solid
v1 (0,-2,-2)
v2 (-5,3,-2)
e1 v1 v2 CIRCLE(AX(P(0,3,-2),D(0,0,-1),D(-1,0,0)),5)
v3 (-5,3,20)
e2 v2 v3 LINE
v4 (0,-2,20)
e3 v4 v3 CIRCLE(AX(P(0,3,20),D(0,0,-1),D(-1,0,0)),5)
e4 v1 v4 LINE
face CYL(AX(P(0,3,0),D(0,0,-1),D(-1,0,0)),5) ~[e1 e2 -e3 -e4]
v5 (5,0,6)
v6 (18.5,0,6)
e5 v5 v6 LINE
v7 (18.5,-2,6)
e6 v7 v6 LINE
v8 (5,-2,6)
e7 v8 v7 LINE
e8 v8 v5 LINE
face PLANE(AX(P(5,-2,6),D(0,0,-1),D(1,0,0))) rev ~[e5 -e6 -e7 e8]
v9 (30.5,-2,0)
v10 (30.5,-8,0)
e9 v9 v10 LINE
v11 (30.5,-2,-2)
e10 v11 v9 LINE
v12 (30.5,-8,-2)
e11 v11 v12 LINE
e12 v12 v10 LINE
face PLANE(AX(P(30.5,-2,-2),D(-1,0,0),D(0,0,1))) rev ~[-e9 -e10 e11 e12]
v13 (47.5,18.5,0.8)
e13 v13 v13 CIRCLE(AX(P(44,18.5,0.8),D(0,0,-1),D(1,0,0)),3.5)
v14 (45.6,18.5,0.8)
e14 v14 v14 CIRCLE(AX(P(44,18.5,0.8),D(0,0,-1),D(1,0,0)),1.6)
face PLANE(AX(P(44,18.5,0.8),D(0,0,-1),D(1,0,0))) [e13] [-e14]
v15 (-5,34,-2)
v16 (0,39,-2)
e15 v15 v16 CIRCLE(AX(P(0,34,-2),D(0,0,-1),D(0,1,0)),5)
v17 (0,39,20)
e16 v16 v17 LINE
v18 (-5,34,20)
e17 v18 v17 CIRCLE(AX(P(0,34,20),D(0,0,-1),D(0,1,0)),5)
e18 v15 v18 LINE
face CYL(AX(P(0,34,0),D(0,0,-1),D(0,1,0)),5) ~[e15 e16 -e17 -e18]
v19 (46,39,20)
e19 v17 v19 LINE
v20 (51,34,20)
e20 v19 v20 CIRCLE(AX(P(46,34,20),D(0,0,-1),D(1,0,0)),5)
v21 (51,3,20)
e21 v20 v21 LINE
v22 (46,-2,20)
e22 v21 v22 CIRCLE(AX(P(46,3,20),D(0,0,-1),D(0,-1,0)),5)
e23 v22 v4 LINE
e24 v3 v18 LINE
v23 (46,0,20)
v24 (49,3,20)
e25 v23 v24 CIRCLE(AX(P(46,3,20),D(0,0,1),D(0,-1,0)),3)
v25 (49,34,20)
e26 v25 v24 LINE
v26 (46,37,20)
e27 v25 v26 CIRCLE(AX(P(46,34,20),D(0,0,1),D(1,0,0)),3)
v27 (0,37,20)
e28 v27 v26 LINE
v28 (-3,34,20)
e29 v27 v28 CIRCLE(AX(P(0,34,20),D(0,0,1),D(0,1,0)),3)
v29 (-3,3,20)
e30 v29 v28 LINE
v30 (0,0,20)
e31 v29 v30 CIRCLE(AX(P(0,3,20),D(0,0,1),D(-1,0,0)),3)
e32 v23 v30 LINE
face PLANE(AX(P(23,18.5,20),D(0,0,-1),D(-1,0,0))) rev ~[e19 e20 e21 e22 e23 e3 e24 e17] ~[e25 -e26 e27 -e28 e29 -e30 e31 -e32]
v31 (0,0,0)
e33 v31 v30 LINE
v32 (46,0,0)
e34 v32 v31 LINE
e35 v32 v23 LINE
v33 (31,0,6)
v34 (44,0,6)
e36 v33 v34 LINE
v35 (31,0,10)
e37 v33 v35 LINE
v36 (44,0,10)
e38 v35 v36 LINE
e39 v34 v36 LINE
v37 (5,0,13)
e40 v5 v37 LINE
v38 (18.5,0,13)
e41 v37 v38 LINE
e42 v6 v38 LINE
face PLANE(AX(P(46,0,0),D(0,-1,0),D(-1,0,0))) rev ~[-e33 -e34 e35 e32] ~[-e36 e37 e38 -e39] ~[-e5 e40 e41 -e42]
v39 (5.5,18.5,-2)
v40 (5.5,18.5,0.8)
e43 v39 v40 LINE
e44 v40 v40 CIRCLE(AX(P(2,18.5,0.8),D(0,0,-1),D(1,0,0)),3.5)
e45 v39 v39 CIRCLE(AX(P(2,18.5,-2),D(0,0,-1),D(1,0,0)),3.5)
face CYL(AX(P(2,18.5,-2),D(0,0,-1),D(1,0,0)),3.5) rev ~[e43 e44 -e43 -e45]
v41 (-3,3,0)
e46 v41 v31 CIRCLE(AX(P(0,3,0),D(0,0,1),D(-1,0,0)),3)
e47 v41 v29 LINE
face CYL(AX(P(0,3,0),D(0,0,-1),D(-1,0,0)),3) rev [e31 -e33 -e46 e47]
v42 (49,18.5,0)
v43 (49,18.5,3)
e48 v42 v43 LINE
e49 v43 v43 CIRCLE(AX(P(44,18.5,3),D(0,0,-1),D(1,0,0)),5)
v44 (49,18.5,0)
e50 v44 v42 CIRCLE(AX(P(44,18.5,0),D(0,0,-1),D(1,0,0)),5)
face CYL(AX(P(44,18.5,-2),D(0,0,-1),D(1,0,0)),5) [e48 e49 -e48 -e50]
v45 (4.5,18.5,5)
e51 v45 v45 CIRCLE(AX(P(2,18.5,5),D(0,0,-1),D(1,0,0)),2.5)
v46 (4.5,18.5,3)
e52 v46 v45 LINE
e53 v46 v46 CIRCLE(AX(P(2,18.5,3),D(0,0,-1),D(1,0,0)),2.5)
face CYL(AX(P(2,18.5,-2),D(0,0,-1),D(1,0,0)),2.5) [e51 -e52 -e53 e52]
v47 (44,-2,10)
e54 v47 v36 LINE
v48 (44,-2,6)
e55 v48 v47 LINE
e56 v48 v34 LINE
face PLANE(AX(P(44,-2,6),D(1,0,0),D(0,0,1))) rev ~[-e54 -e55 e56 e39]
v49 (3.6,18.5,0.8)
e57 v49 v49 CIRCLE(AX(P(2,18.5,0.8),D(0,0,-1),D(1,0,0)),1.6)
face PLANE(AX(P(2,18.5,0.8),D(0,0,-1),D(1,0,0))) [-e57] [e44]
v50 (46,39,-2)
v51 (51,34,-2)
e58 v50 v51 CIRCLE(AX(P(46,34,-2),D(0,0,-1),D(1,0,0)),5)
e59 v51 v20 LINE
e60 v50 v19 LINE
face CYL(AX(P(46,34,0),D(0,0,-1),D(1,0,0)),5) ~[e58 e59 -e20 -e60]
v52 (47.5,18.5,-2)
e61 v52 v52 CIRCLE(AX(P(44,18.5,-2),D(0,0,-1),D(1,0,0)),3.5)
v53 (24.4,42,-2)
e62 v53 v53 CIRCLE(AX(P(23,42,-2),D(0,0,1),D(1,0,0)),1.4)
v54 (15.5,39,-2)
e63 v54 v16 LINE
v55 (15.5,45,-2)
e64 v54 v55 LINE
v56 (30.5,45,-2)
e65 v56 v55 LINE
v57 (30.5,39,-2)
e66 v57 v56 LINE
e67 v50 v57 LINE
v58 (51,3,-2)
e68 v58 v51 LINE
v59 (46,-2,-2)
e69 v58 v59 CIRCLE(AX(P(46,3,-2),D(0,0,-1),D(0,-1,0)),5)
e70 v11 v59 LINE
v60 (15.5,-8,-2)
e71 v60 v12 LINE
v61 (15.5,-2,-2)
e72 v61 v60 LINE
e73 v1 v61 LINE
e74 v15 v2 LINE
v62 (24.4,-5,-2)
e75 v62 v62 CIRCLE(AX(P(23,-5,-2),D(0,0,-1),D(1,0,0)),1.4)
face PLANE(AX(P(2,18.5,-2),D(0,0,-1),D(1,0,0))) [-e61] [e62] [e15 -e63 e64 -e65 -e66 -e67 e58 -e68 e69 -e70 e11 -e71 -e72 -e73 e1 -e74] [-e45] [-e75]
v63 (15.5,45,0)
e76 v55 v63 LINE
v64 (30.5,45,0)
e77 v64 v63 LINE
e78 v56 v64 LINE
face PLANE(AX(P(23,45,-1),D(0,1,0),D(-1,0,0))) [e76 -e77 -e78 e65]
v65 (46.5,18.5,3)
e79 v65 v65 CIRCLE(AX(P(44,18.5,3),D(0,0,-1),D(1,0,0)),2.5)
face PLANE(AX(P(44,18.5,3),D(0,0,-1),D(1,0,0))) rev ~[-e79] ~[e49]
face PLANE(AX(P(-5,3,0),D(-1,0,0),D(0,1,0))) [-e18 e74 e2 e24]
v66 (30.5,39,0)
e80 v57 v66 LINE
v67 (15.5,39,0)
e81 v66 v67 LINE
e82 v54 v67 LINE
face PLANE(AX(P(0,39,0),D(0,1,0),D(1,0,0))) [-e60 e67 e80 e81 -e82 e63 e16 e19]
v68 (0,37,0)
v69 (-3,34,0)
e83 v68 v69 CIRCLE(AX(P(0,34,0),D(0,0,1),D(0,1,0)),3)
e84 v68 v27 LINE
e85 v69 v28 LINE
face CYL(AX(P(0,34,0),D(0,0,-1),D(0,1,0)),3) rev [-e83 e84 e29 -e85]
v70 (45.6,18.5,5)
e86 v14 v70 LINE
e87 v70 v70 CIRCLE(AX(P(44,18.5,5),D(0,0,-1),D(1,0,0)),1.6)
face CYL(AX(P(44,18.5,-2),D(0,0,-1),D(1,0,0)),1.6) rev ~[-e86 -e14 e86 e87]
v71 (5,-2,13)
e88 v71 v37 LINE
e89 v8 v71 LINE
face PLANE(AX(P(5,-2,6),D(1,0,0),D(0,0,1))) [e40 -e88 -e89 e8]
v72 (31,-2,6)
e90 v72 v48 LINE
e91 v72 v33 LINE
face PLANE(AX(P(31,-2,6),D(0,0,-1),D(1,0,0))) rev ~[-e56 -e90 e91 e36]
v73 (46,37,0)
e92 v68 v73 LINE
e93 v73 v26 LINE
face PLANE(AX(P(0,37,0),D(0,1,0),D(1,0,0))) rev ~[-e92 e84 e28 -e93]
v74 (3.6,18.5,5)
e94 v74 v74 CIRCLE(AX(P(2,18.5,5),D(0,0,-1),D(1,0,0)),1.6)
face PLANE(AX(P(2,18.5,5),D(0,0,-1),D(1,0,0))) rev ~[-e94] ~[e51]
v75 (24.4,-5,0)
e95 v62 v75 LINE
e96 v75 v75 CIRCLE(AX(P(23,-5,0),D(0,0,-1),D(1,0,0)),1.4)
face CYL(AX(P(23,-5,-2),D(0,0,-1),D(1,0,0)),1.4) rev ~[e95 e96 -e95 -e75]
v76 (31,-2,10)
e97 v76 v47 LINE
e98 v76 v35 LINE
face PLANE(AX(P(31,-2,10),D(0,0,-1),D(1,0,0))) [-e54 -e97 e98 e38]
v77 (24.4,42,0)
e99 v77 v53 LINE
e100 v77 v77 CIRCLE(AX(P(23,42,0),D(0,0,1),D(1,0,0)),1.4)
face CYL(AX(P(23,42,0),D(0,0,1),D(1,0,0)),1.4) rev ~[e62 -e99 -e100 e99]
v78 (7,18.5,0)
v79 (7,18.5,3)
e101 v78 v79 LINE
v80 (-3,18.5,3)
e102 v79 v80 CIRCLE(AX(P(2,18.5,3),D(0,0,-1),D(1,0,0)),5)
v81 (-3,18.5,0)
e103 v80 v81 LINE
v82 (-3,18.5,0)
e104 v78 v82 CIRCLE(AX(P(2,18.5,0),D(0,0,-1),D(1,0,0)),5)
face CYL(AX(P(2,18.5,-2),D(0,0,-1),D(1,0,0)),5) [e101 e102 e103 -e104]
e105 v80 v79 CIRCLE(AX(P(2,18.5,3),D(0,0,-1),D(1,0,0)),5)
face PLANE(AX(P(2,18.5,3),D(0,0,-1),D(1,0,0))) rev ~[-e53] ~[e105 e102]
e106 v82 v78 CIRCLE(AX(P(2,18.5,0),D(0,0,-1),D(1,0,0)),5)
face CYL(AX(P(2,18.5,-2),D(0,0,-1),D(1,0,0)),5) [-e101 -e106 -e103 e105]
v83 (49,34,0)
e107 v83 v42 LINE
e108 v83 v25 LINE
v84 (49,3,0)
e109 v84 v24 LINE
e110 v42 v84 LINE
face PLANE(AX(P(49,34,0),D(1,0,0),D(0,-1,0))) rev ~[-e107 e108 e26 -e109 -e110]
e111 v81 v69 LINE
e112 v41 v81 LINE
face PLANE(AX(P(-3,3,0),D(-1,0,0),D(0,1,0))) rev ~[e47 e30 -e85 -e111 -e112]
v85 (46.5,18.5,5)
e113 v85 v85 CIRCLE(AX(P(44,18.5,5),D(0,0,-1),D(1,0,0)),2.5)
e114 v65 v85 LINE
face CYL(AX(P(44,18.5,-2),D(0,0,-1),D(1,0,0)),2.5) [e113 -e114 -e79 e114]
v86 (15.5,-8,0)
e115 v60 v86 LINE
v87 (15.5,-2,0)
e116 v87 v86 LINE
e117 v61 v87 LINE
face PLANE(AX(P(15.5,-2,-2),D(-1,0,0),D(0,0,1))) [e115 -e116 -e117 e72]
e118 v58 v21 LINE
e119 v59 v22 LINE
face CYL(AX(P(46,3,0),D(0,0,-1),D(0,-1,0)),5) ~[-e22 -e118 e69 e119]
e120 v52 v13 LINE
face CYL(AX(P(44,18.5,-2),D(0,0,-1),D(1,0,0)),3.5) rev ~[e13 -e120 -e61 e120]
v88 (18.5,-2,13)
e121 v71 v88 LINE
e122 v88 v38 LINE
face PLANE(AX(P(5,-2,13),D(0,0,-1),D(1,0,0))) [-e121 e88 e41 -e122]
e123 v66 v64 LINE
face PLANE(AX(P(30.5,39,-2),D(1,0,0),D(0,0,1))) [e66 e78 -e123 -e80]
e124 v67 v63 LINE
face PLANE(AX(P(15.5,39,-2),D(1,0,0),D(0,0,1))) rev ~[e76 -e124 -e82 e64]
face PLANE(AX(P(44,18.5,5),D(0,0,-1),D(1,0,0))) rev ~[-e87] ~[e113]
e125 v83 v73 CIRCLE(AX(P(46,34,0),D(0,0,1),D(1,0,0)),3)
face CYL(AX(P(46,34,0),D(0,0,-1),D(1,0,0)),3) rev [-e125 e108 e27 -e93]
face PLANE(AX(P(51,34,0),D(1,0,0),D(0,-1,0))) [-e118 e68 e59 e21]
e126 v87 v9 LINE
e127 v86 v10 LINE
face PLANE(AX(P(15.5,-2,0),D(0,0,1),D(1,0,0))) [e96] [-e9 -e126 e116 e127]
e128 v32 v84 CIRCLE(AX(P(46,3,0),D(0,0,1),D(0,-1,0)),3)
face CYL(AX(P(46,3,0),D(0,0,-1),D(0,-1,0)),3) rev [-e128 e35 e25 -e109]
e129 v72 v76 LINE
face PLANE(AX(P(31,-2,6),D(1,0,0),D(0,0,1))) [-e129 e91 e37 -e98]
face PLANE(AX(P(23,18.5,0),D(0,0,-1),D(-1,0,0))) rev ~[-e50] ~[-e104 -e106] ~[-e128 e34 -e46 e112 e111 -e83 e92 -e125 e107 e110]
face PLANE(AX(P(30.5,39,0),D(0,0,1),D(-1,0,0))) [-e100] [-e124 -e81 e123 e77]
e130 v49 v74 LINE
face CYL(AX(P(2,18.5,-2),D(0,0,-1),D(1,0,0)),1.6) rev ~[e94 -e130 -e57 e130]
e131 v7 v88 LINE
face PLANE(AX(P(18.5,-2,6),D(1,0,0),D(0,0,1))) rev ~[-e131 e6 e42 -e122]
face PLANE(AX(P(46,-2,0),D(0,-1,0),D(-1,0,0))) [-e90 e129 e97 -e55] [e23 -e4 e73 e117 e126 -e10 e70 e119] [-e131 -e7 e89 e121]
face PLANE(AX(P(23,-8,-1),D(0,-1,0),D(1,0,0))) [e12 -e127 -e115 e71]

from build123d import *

# Parameters (mm, degrees)
PAD_DEPTH       = 20
THICKNESS_T     = 2
SKETCH001_W     = 15
SKETCH001_H     = 2
PAD001_DEPTH    = 6
SKETCH002_R     = 1.4
POCKET_DEPTH    = 2.001
SKETCH003_W     = 15
SKETCH003_H     = 2
PAD002_DEPTH    = 6
SKETCH004_R     = 1.4
POCKET001_DEPTH = 22.001
SKETCH005_R     = 2.5
PAD003_DEPTH    = 7
SKETCH006_R     = 5
PAD004_DEPTH    = 5
SKETCH007_R     = 1.6
POCKET002_DEPTH = 22.001
SKETCH008_R     = 3.5
POCKET003_DEPTH = 2.8
SKETCH009_W     = 13.5
SKETCH009_H     = 7
SKETCH009_W_2   = 13
SKETCH009_H_2   = 4
POCKET004_DEPTH = 2


with BuildPart() as part:
    # Sketch → Pad (new body)
    with BuildSketch(Plane.XY):
        with BuildLine():
            Line((0, 37), (46, 37))
            ThreePointArc((49, 34), (48.1213203436, 36.1213203436), (46, 37))
            Line((49, 34), (49, 3))
            ThreePointArc((46, 0), (48.1213203436, 0.8786796564), (49, 3))
            Line((46, 0), (0, 0))
            ThreePointArc((-3, 3), (-2.1213203436, 0.8786796564), (0, 0))
            Line((-3, 3), (-3, 34))
            ThreePointArc((0, 37), (-2.1213203436, 36.1213203436), (-3, 34))
        make_face()
    extrude(amount=PAD_DEPTH)

    # Thickness
    thickness_openings = [part.faces().sort_by_distance(p)[0] for p in [
        (23, 18.5, 20),
    ]]
    offset(amount=THICKNESS_T, openings=thickness_openings, kind=Kind.INTERSECTION)

    # Sketch001 → Pad001 (new body)
    with BuildSketch(Plane(origin=(0, 39, 0), x_dir=(-1, 0, 0), z_dir=(0, 1, 0))):
        with Locations((-23, -1)):
            Rectangle(SKETCH001_W, SKETCH001_H)
    extrude(amount=PAD001_DEPTH)

    # Sketch002 → Pocket (cut, through all)
    with BuildSketch(Plane.XY):
        with Locations((23, 42)):
            Circle(SKETCH002_R)
    extrude(amount=-POCKET_DEPTH, mode=Mode.SUBTRACT)

    # Sketch003 → Pad002 (new body)
    with BuildSketch(Plane.XZ.offset(2)):
        with Locations((23, -1)):
            Rectangle(SKETCH003_W, SKETCH003_H)
    extrude(amount=PAD002_DEPTH)

    # Sketch004 → Pocket001 (cut, through all)
    with BuildSketch(Plane(origin=(0, 0, -2), x_dir=(1, 0, 0), z_dir=(0, 0, -1))):
        with Locations((23, 5)):
            Circle(SKETCH004_R)
    extrude(amount=-POCKET001_DEPTH, mode=Mode.SUBTRACT)

    # Sketch005 → Pad003 (new body)
    with BuildSketch(Plane(origin=(0, 0, -2), x_dir=(1, 0, 0), z_dir=(0, 0, -1))):
        with Locations((2, -18.5)):
            Circle(SKETCH005_R)
        with Locations((44, -18.5)):
            Circle(SKETCH005_R)
    extrude(amount=-PAD003_DEPTH)

    # Sketch006 → Pad004 (new body)
    with BuildSketch(Plane(origin=(0, 0, -2), x_dir=(1, 0, 0), z_dir=(0, 0, -1))):
        with Locations((2, -18.5)):
            Circle(SKETCH006_R)
        with Locations((44, -18.5)):
            Circle(SKETCH006_R)
    extrude(amount=-PAD004_DEPTH)

    # Sketch007 → Pocket002 (cut, through all)
    with BuildSketch(Plane(origin=(0, 0, -2), x_dir=(1, 0, 0), z_dir=(0, 0, -1))):
        with Locations((2, -18.5)):
            Circle(SKETCH007_R)
        with Locations((44, -18.5)):
            Circle(SKETCH007_R)
    extrude(amount=-POCKET002_DEPTH, mode=Mode.SUBTRACT)

    # Sketch008 → Pocket003 (cut)
    with BuildSketch(Plane(origin=(0, 0, -2), x_dir=(1, 0, 0), z_dir=(0, 0, -1))):
        with Locations((2, -18.5)):
            Circle(SKETCH008_R)
        with Locations((44, -18.5)):
            Circle(SKETCH008_R)
    extrude(amount=-POCKET003_DEPTH, mode=Mode.SUBTRACT)

    # Sketch009 → Pocket004 (cut)
    with BuildSketch(Plane.XZ.offset(2)):
        with Locations((11.75, 9.5)):
            Rectangle(SKETCH009_W, SKETCH009_H)
        with Locations((37.5, 8)):
            Rectangle(SKETCH009_W_2, SKETCH009_H_2)
    extrude(amount=-POCKET004_DEPTH, mode=Mode.SUBTRACT)


solid = part.part
